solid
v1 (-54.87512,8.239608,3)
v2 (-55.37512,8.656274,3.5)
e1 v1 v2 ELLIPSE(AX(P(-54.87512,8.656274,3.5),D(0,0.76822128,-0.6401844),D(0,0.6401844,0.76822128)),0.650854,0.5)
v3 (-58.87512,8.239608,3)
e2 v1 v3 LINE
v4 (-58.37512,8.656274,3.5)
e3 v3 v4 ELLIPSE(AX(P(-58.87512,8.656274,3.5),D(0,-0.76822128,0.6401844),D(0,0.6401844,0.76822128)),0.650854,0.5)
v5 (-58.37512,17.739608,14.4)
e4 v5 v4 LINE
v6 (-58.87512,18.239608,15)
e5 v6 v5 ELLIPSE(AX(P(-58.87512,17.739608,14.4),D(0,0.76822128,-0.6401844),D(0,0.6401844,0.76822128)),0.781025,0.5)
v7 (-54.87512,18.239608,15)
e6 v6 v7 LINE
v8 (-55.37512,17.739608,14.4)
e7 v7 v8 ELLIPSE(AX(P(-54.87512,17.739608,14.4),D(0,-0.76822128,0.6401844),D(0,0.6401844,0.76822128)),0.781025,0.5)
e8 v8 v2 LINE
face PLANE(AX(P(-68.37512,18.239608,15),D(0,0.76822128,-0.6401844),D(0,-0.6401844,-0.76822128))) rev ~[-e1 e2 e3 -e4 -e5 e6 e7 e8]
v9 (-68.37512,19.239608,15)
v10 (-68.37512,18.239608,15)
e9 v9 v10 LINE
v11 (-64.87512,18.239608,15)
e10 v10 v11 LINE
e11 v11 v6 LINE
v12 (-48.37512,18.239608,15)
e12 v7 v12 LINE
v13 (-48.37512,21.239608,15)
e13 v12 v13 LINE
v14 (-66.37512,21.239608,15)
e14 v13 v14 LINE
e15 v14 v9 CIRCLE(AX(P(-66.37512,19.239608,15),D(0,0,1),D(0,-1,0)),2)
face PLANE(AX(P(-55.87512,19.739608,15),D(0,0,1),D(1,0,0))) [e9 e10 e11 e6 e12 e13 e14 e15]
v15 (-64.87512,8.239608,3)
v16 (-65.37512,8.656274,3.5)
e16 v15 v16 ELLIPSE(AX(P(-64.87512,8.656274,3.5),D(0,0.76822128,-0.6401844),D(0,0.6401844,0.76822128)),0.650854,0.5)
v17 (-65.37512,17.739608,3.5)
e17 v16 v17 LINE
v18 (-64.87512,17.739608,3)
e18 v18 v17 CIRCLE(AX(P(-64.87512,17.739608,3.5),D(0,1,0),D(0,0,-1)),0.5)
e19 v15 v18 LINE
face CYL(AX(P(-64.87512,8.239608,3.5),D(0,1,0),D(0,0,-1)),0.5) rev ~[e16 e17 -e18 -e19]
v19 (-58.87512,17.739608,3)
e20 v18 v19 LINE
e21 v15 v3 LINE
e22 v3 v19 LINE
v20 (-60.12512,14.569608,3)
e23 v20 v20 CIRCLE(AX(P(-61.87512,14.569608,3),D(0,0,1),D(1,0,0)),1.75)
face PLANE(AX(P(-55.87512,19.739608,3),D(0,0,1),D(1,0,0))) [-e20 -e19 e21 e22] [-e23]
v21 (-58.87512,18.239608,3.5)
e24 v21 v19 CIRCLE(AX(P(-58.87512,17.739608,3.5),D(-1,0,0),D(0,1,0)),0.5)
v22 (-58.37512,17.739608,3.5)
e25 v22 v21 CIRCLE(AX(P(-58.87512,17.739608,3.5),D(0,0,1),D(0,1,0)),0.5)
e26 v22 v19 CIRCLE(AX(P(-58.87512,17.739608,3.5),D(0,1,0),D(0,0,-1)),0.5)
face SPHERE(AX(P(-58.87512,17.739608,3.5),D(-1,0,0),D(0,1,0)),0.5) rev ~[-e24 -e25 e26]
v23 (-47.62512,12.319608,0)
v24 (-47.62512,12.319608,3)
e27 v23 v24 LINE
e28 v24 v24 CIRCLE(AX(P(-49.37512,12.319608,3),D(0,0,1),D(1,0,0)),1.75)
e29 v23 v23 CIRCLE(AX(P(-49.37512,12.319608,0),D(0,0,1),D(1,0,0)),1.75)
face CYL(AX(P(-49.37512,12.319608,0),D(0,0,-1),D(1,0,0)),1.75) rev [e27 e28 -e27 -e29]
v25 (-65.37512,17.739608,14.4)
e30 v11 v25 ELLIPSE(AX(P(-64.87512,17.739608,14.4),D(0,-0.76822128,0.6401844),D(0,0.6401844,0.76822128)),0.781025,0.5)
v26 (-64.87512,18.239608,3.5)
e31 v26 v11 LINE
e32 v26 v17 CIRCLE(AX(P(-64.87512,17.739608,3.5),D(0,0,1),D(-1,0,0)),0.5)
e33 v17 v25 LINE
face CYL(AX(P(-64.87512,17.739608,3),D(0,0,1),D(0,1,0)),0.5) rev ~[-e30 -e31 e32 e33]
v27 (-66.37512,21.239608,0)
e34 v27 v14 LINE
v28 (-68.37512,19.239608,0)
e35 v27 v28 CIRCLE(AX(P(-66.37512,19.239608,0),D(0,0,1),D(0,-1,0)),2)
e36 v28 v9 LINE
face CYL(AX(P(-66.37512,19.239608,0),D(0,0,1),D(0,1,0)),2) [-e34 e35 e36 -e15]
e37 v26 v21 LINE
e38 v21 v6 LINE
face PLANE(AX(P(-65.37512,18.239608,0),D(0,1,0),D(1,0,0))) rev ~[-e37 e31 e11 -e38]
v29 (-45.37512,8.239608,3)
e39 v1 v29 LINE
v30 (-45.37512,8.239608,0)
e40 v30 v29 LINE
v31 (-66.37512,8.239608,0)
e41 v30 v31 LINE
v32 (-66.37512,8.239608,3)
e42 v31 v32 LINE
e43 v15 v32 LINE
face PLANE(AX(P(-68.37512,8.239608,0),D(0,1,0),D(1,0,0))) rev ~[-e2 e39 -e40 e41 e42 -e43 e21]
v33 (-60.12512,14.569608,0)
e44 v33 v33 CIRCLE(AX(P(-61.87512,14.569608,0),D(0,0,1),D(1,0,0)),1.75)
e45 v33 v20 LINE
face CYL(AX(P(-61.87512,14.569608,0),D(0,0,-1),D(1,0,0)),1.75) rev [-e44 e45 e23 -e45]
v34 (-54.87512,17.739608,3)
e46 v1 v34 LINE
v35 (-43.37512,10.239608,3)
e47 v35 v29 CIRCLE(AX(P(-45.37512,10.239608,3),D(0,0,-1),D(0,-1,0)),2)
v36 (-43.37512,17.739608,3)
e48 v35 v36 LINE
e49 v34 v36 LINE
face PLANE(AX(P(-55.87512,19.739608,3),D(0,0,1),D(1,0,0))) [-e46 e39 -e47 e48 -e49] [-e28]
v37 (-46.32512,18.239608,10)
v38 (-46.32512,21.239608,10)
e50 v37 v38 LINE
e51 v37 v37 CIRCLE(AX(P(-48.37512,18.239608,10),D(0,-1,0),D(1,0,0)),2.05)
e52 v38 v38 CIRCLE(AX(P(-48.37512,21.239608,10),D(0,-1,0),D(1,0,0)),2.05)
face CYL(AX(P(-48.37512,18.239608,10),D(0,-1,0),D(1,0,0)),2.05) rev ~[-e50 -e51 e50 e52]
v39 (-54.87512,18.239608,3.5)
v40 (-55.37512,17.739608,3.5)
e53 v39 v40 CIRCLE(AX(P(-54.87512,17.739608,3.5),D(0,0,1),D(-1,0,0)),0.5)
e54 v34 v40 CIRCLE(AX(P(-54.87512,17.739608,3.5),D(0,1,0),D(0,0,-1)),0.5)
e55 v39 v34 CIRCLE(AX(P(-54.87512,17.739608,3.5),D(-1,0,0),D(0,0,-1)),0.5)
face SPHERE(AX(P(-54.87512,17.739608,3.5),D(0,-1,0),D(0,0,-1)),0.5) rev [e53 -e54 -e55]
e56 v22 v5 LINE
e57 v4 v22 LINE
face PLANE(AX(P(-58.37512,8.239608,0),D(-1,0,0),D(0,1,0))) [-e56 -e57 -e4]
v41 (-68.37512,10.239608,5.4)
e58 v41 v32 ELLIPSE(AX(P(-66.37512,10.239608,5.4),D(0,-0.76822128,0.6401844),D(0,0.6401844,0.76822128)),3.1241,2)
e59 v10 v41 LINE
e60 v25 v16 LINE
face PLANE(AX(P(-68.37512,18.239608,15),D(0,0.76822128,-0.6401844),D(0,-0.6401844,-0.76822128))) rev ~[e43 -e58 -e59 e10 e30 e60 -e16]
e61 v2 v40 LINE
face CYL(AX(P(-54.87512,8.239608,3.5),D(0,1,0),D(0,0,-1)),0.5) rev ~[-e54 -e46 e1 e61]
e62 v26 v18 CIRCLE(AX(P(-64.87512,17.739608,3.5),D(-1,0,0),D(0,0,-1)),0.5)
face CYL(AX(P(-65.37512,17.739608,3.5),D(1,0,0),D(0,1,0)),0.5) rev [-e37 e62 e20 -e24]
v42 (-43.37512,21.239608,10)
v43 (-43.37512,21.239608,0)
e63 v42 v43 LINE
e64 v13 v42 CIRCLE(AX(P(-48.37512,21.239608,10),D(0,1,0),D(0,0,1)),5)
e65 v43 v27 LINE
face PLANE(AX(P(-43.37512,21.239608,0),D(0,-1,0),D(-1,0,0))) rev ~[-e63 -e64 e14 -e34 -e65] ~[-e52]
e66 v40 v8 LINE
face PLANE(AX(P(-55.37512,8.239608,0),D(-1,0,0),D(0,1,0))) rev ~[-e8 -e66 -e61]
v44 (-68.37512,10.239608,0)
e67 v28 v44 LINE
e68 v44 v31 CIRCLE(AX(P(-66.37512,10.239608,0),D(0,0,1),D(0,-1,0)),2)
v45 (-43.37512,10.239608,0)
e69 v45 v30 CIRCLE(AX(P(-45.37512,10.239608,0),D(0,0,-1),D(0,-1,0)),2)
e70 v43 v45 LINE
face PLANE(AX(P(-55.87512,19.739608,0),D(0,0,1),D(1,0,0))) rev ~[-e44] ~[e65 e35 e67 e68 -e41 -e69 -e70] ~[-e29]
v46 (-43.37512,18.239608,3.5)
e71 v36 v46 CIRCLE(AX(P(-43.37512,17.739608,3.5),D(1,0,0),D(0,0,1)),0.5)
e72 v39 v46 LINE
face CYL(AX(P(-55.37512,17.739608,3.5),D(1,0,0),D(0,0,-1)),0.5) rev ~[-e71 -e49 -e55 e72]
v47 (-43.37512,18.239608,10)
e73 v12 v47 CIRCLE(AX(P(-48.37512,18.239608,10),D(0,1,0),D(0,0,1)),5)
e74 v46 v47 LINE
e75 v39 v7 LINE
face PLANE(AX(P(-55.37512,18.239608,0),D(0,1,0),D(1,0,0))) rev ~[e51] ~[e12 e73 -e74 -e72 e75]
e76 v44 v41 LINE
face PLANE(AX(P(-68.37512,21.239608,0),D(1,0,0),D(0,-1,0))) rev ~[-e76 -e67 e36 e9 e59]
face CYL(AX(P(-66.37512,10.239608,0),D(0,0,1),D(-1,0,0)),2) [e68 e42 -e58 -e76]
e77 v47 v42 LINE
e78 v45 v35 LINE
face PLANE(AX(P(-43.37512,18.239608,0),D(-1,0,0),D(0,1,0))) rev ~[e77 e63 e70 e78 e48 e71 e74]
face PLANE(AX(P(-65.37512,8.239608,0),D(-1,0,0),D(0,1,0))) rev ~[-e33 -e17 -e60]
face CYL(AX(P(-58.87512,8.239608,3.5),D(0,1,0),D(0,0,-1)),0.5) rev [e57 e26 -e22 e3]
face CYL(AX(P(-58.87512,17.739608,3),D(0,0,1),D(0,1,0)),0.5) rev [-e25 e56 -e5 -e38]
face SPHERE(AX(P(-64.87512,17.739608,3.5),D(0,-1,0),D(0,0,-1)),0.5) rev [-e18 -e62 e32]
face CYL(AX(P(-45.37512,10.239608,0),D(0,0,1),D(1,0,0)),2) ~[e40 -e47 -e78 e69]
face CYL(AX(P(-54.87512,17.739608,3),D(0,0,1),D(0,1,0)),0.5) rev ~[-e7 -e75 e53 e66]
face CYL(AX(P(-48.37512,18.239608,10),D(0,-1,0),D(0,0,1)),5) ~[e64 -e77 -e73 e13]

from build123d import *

# Parameters (mm, degrees)
F0_W     = 3
F0_H     = 10
F1_DEPTH = 15
F0_W_2   = 12
F0_R     = 1.75
F0_W_3   = 7
F2_DEPTH = 3
F3_R     = 2.05
F4_DEPTH = 3
F6_DEPTH = 25.001
F7_R     = 2
F8_R     = 0.5


with BuildPart() as f1:
    # F0 (on Top) → F1 (new body)
    with BuildSketch(Plane.XY):
        Polygon((-43.3751196787, 21.2396075964), (-68.3751196787, 21.2396075964), (-68.3751196787, 18.2396075964), (-65.3751196787, 18.2396075964), (-58.3751196787, 18.2396075964), (-55.3751196787, 18.2396075964), (-43.3751196787, 18.2396075964), align=None)
        with Locations((-66.8751196787, 13.2396075964)):
            Rectangle(F0_W, F0_H)
        with Locations((-56.8751196787, 13.2396075964)):
            Rectangle(F0_W, F0_H)
    extrude(amount=F1_DEPTH)

    # F0 (on Top) → F2 (join)
    with BuildSketch(Plane.XY):
        Polygon((-43.3751196787, 21.2396075964), (-68.3751196787, 21.2396075964), (-68.3751196787, 18.2396075964), (-65.3751196787, 18.2396075964), (-58.3751196787, 18.2396075964), (-55.3751196787, 18.2396075964), (-43.3751196787, 18.2396075964), align=None)
        with Locations((-66.8751196787, 13.2396075964)):
            Rectangle(F0_W, F0_H)
        with Locations((-49.3751196787, 13.2396075964)):
            Rectangle(F0_W_2, F0_H)
        with Locations((-49.3751196787, 12.3196075964)):
            Circle(F0_R, mode=Mode.SUBTRACT)
        with Locations((-61.8751196787, 13.2396075964)):
            Rectangle(F0_W_3, F0_H)
        with Locations((-61.8751196787, 14.5696075964)):
            Circle(F0_R, mode=Mode.SUBTRACT)
        with Locations((-56.8751196787, 13.2396075964)):
            Rectangle(F0_W, F0_H)
    extrude(amount=F2_DEPTH)

    # F3 (on face) → F4 (cut)
    with BuildSketch(Plane.XZ.offset(-18.2396075964)):
        with BuildLine():
            ThreePointArc((-48.3751196787, 15), (-44.8395857727, 13.5355339059), (-43.3751196787, 10))
            Line((-43.3751196787, 10), (-43.3751196787, 15))
            Line((-43.3751196787, 15), (-48.3751196787, 15))
        make_face()
        with Locations((-48.3751196787, 10)):
            Circle(F3_R)
    extrude(amount=-F4_DEPTH, mode=Mode.SUBTRACT)

    # F5 (on face) → F6 (cut, through all)
    with BuildSketch(Plane(origin=(-68.3751196787, 0, 0), x_dir=(0, -1, 0), z_dir=(-1, 0, 0))):
        Polygon((-8.2396075964, 15), (-18.2396075964, 15), (-8.2396075964, 3), align=None)
    extrude(amount=-F6_DEPTH, mode=Mode.SUBTRACT)

    # F7
    f7_edges = [f1.edges().sort_by_distance(p)[0] for p in [
        (-68.37512, 8.239608, 1.5),
        (-43.37512, 8.239608, 1.5),
        (-68.37512, 21.239608, 7.5),
    ]]
    fillet(f7_edges, radius=F7_R)

    # F8
    f8_edges = [f1.edges().sort_by_distance(p)[0] for p in [
        (-55.37512, 13.239608, 3),
        (-49.37512, 18.239608, 3),
        (-55.37512, 18.239608, 9),
        (-65.37512, 13.239608, 3),
        (-61.87512, 18.239608, 3),
        (-65.37512, 18.239608, 9),
        (-58.37512, 18.239608, 9),
        (-58.37512, 13.239608, 3),
    ]]
    fillet(f8_edges, radius=F8_R)


solid = f1.part
